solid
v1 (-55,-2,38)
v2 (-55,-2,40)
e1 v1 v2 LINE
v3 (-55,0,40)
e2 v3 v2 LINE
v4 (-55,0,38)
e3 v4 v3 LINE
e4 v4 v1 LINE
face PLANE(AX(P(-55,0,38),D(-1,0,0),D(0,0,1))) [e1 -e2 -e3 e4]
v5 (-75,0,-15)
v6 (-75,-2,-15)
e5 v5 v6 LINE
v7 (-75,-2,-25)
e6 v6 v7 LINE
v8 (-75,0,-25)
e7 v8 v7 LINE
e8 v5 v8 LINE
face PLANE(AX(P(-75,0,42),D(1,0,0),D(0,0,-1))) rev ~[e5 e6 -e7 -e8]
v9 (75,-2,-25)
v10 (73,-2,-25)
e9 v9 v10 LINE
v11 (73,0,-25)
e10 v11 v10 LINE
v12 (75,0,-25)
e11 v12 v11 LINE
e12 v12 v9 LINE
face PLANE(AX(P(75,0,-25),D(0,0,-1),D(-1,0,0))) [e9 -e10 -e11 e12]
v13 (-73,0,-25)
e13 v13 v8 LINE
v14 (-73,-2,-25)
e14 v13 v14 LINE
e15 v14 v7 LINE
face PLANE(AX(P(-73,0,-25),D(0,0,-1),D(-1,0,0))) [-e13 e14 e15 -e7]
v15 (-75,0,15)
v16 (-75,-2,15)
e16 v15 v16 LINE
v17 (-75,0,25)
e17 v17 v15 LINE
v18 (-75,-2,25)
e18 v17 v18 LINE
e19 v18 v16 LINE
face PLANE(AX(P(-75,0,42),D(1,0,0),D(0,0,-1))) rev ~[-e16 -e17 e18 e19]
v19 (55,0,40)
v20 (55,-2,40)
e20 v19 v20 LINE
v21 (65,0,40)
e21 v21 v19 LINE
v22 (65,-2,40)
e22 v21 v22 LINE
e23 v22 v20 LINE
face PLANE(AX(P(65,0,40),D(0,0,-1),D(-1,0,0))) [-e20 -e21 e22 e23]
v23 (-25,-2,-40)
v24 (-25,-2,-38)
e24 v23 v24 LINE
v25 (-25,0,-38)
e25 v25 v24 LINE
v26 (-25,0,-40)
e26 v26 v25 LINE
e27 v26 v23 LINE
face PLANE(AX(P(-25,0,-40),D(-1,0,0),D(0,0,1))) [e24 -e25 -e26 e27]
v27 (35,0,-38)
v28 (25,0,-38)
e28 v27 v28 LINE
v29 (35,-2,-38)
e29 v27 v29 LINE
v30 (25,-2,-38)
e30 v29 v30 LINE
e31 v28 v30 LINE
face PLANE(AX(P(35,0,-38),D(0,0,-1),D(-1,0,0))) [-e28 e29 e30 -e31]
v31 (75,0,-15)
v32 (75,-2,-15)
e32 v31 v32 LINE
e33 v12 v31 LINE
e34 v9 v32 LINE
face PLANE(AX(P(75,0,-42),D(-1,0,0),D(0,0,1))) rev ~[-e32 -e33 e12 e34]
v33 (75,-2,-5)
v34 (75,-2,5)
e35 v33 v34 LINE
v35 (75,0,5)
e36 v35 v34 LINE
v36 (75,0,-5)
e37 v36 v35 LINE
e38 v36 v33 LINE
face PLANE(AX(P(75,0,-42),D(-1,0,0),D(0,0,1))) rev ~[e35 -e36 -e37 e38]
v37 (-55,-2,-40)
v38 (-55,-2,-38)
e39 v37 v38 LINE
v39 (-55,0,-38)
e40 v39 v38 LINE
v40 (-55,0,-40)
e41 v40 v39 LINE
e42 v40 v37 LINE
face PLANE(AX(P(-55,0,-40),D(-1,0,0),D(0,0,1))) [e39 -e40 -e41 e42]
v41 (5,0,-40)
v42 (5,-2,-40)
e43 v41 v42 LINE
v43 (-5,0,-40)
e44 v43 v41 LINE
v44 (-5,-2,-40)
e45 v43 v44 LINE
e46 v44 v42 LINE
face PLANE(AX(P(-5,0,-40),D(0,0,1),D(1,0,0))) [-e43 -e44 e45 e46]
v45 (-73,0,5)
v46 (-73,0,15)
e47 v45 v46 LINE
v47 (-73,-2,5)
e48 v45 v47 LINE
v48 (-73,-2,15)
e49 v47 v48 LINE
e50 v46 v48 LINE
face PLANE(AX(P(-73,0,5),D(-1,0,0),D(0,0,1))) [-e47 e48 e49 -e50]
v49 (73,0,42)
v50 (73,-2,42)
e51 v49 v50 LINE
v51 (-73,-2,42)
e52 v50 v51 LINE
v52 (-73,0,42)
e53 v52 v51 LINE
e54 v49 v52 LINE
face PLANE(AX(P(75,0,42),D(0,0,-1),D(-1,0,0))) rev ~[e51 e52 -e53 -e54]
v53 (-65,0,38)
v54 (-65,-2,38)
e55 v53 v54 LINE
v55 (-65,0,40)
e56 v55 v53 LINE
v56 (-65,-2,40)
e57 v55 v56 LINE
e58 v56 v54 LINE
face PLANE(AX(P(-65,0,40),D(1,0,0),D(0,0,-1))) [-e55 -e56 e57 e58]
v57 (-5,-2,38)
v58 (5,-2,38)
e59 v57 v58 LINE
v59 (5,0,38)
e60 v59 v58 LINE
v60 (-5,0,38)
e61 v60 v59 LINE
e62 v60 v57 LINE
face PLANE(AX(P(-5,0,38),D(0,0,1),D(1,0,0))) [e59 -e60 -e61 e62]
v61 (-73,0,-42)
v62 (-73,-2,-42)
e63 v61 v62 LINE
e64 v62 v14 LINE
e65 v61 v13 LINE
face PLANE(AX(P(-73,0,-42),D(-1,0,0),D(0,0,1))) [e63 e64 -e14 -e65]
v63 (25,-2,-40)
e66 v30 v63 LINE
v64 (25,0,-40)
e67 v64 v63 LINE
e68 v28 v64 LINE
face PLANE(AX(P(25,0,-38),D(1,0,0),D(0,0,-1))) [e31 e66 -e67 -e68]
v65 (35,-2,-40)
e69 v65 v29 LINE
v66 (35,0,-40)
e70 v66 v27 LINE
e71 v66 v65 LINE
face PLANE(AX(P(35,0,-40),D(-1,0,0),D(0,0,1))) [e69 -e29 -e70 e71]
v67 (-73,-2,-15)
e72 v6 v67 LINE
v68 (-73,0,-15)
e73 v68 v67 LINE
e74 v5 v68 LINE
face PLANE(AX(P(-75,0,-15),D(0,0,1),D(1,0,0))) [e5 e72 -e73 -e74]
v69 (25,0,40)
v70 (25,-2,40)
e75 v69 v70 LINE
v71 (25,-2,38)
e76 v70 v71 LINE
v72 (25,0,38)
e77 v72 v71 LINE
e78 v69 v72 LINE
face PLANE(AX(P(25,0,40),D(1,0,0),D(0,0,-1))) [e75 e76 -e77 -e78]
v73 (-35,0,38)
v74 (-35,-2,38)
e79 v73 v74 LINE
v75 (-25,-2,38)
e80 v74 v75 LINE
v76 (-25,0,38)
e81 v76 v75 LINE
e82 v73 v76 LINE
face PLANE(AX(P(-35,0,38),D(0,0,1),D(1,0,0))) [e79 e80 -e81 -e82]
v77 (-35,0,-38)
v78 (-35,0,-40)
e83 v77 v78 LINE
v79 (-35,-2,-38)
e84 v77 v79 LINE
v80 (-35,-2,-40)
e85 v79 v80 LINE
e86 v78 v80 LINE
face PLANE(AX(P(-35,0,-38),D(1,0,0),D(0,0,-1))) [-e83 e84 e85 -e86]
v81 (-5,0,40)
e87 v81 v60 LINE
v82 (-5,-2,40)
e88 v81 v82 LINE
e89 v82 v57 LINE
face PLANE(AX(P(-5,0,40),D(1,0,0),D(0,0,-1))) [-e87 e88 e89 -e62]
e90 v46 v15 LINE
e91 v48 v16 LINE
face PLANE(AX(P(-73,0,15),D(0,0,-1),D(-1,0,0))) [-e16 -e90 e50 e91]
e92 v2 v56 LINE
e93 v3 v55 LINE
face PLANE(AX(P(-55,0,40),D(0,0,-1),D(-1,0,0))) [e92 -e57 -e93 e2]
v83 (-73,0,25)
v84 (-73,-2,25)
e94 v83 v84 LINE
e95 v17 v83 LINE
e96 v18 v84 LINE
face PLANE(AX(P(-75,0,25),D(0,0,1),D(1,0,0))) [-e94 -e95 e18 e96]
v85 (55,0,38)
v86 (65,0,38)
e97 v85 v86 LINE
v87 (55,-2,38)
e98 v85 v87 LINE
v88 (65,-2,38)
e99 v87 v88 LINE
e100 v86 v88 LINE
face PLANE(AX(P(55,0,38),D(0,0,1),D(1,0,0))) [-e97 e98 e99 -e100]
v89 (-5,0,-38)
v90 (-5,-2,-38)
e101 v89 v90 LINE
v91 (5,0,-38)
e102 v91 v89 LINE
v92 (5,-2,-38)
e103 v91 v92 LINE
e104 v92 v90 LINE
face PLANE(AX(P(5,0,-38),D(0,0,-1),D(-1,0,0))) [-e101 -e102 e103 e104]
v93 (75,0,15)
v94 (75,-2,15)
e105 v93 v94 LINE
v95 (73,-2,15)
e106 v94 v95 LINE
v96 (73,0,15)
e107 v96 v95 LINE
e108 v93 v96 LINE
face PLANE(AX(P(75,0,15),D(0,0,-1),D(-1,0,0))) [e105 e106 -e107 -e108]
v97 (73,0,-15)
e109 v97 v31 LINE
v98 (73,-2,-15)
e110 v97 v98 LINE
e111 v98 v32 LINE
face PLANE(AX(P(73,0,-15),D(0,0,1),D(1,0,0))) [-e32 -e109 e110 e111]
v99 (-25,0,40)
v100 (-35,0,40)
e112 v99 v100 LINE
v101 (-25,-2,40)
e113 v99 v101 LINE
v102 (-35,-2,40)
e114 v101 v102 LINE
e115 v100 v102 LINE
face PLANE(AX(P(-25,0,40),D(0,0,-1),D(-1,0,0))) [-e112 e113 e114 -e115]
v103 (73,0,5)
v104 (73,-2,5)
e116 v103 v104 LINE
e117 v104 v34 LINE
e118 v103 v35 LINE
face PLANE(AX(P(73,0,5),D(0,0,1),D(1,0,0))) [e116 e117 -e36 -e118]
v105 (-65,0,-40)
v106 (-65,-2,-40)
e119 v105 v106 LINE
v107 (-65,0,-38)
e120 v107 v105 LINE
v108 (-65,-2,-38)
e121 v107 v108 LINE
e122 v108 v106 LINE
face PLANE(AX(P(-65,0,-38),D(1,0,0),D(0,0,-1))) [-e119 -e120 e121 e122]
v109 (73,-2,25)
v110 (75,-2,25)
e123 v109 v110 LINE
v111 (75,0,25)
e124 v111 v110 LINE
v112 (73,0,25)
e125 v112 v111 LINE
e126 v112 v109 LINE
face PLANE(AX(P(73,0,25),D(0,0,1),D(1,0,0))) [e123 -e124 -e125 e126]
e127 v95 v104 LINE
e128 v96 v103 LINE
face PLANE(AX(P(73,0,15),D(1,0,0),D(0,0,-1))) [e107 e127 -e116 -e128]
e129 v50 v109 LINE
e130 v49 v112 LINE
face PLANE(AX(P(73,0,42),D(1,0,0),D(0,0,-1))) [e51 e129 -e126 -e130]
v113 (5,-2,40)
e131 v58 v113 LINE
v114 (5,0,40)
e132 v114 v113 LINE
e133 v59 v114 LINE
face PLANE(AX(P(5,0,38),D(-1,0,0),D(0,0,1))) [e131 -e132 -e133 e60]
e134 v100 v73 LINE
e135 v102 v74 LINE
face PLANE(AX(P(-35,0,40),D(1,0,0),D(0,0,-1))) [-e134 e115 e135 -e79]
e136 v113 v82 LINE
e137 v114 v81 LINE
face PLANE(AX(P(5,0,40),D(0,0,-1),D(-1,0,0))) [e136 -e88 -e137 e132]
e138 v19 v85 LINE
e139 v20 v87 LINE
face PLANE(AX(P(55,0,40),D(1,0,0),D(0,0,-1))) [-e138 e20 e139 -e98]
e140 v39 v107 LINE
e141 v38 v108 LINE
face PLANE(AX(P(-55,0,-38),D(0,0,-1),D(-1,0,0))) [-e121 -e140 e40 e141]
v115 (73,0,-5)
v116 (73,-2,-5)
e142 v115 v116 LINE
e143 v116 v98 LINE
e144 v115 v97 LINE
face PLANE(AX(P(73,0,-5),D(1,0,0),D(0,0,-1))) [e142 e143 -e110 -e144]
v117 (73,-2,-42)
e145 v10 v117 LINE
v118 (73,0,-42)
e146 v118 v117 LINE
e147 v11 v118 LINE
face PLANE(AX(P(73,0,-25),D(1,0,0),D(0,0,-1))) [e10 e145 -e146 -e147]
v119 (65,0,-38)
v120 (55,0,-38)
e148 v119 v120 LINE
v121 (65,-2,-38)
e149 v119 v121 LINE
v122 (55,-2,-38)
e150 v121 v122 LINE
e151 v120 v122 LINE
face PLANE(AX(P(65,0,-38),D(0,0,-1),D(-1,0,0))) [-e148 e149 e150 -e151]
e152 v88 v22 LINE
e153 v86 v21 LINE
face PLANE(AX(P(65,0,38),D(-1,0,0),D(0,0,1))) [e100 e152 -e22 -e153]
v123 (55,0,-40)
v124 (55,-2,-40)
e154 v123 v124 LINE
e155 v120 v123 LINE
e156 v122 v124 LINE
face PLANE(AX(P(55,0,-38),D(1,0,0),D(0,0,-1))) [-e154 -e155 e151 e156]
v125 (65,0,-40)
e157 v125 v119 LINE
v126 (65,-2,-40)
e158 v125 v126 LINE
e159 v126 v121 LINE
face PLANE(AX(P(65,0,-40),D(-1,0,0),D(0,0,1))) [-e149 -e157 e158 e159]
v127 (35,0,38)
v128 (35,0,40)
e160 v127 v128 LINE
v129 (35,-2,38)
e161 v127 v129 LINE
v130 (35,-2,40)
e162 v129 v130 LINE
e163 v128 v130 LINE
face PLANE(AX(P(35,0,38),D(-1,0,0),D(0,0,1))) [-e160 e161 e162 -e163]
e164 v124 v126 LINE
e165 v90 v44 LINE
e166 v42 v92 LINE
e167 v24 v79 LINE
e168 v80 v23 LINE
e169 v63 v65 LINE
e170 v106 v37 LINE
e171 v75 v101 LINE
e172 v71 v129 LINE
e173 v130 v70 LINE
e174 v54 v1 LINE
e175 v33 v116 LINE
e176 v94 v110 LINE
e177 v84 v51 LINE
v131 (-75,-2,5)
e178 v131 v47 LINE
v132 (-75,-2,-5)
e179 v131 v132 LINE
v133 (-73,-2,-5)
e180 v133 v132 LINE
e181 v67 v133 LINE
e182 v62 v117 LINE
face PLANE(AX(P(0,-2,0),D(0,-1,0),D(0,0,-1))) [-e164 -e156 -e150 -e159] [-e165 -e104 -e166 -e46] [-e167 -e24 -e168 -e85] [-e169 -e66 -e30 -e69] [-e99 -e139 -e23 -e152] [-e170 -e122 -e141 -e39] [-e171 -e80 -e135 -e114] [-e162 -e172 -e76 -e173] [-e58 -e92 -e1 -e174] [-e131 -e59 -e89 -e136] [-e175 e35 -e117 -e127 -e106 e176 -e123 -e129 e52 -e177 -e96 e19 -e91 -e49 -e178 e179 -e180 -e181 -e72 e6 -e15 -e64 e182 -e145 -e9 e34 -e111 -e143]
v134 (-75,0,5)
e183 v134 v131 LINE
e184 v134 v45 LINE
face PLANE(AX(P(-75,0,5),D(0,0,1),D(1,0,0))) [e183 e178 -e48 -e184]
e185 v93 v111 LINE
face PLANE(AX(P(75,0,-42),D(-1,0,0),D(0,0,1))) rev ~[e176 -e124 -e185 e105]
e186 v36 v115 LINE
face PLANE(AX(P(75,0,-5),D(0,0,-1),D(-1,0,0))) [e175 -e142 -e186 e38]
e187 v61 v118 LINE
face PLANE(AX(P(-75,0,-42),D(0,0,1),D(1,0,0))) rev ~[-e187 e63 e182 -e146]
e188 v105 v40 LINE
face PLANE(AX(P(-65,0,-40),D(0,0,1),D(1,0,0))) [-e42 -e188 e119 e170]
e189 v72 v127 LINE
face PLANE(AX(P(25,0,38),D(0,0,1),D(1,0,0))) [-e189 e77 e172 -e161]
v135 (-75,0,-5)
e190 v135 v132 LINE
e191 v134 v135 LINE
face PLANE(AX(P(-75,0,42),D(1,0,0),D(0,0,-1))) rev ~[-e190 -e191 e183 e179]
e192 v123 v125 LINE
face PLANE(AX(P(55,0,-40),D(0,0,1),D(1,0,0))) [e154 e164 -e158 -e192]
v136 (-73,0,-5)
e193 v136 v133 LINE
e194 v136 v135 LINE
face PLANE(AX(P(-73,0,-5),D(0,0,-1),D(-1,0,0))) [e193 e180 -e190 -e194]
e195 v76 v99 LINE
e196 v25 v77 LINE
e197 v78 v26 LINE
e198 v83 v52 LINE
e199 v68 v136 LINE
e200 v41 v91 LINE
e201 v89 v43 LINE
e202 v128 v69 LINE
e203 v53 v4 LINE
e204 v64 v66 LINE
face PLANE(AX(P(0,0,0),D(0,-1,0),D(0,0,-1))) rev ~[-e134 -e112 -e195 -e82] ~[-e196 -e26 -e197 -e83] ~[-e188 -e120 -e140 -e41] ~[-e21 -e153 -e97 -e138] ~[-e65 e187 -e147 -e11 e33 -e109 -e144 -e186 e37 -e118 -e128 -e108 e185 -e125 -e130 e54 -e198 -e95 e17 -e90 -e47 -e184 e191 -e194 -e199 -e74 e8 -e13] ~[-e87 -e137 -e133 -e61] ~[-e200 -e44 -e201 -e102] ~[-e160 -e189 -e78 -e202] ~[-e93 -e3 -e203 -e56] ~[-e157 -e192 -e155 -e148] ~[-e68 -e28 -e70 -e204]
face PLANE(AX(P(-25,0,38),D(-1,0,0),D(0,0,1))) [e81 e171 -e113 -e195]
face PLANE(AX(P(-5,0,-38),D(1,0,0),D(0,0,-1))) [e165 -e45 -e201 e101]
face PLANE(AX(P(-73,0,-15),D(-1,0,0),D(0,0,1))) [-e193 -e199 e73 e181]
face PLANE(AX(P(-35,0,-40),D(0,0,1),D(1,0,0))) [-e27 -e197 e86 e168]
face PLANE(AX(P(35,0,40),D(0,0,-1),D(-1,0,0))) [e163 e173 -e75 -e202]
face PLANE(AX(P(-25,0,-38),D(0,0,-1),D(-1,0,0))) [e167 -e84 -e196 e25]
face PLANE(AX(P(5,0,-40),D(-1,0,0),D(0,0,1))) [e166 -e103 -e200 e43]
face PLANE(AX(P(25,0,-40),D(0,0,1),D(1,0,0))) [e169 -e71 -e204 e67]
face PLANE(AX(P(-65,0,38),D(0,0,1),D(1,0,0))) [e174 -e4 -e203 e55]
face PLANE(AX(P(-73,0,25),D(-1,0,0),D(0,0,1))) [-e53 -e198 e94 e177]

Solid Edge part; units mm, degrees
sketch "Sketch1" plane through (0, 0, 0) normal (0, -1, 0) x (1, 0, 0)
  line L0 (75, -42) -> (75, 42)
  line L1 (75, 42) -> (-75, 42)
  line L2 (-75, 42) -> (-75, -42)
  line L3 (-75, -42) -> (75, -42)
extrude "Protrusion1" add sketch "Sketch1" along normal blind 2
sketch "Sketch2" plane through (0, 0, 0) normal (0, -1, 0) x (1, 0, 0)
  line L0 (-55, 38) -> (-55, 40)
  line L1 (-55, 40) -> (-65, 40)
  line L2 (-65, 40) -> (-65, 38)
  line L3 (-65, 38) -> (-55, 38)
  line L4 (-25, 40) -> (-35, 40)
  line L5 (-35, 40) -> (-35, 38)
  line L6 (-35, 38) -> (-25, 38)
  line L7 (-25, 38) -> (-25, 40)
  line L8 (-5, 38) -> (5, 38)
  line L9 (5, 38) -> (5, 40)
  line L10 (5, 40) -> (-5, 40)
  line L11 (-5, 40) -> (-5, 38)
  line L12 (25, 38) -> (35, 38)
  line L13 (35, 38) -> (35, 40)
  line L14 (35, 40) -> (25, 40)
  line L15 (25, 40) -> (25, 38)
  line L16 (55, 38) -> (65, 38)
  line L17 (65, 38) -> (65, 40)
  line L18 (65, 40) -> (55, 40)
  line L19 (55, 40) -> (55, 38)
  line L20 (65, -40) -> (65, -38)
  line L21 (65, -38) -> (55, -38)
  line L22 (55, -38) -> (55, -40)
  line L23 (55, -40) -> (65, -40)
  line L24 (25, -40) -> (35, -40)
  line L25 (35, -40) -> (35, -38)
  line L26 (35, -38) -> (25, -38)
  line L27 (25, -38) -> (25, -40)
  line L28 (5, -38) -> (-5, -38)
  line L29 (-5, -38) -> (-5, -40)
  line L30 (-5, -40) -> (5, -40)
  line L31 (5, -40) -> (5, -38)
  line L32 (-25, -38) -> (-35, -38)
  line L33 (-35, -38) -> (-35, -40)
  line L34 (-35, -40) -> (-25, -40)
  line L35 (-25, -40) -> (-25, -38)
  line L36 (-55, -40) -> (-55, -38)
  line L37 (-55, -38) -> (-65, -38)
  line L38 (-65, -38) -> (-65, -40)
  line L39 (-65, -40) -> (-55, -40)
  line L40 (-73, -42) -> (-73, -25)
  line L41 (-73, -25) -> (-75, -25)
  line L42 (-75, -25) -> (-75, -42)
  line L43 (-75, -42) -> (-73, -42)
  line L44 (-73, -15) -> (-73, -5)
  line L45 (-73, -5) -> (-75, -5)
  line L46 (-75, -5) -> (-75, -15)
  line L47 (-75, -15) -> (-73, -15)
  line L48 (-73, 5) -> (-73, 15)
  line L49 (-73, 15) -> (-75, 15)
  line L50 (-75, 15) -> (-75, 5)
  line L51 (-75, 5) -> (-73, 5)
  line L52 (-73, 25) -> (-73, 42)
  line L53 (-73, 42) -> (-75, 42)
  line L54 (-75, 42) -> (-75, 25)
  line L55 (-75, 25) -> (-73, 25)
  line L56 (75, 25) -> (75, 42)
  line L57 (75, 42) -> (73, 42)
  line L58 (73, 42) -> (73, 25)
  line L59 (73, 25) -> (75, 25)
  line L60 (73, 15) -> (73, 5)
  line L61 (73, 5) -> (75, 5)
  line L62 (75, 5) -> (75, 15)
  line L63 (75, 15) -> (73, 15)
  line L64 (73, -5) -> (73, -15)
  line L65 (73, -15) -> (75, -15)
  line L66 (75, -15) -> (75, -5)
  line L67 (75, -5) -> (73, -5)
  line L68 (73, -25) -> (73, -42)
  line L69 (73, -42) -> (75, -42)
  line L70 (75, -42) -> (75, -25)
  line L71 (75, -25) -> (73, -25)
  dimension "D1" = 10
  dimension "D2" = 2
  dimension "D3" = 10
  dimension "D4" = 2
  dimension "D5" = 10
  dimension "D6" = 2
  dimension "D7" = 10
  dimension "D8" = 2
  dimension "D9" = 10
  dimension "D10" = 2
  dimension "D11" = 10
  dimension "D12" = 2
  dimension "D13" = 20
  dimension "D14" = 2
  dimension "D15" = 20
  dimension "D16" = 2
  dimension "D17" = 20
  dimension "D18" = 2
  dimension "D19" = 20
  dimension "D20" = 2
  dimension "D21" = 2
  dimension "D22" = 17
  dimension "D23" = 2
  dimension "D24" = 10
  dimension "D25" = 2
  dimension "D26" = 10
  dimension "D27" = 2
  dimension "D28" = 17
  dimension "D29" = 10
  dimension "D30" = 2
  dimension "D31" = 10
  dimension "D32" = 2
  dimension "D33" = 10
  dimension "D34" = 2
  dimension "D35" = 10
  dimension "D36" = 2
  dimension "D37" = 10
  dimension "D38" = 2
  dimension "D39" = 10
  dimension "D40" = 10
  dimension "D41" = 10
  dimension "D42" = 2
  dimension "D43" = 10
  dimension "D44" = 2
  dimension "D45" = 2
  dimension "D46" = 2
  dimension "D47" = 2
  dimension "D48" = 20
  dimension "D49" = 20
  dimension "D50" = 20
  dimension "D51" = 20
  dimension "D52" = 2
  dimension "D53" = 17
  dimension "D54" = 2
  dimension "D55" = 10
  dimension "D56" = 2
  dimension "D57" = 17
  dimension "D58" = 2
  dimension "D59" = 10
  dimension "D60" = 10
  dimension "D61" = 10
extrude "ExtrudedCutout_1" cut sketch "Sketch2" along normal blind 2
properties material "Acrylic, high impact grade"
